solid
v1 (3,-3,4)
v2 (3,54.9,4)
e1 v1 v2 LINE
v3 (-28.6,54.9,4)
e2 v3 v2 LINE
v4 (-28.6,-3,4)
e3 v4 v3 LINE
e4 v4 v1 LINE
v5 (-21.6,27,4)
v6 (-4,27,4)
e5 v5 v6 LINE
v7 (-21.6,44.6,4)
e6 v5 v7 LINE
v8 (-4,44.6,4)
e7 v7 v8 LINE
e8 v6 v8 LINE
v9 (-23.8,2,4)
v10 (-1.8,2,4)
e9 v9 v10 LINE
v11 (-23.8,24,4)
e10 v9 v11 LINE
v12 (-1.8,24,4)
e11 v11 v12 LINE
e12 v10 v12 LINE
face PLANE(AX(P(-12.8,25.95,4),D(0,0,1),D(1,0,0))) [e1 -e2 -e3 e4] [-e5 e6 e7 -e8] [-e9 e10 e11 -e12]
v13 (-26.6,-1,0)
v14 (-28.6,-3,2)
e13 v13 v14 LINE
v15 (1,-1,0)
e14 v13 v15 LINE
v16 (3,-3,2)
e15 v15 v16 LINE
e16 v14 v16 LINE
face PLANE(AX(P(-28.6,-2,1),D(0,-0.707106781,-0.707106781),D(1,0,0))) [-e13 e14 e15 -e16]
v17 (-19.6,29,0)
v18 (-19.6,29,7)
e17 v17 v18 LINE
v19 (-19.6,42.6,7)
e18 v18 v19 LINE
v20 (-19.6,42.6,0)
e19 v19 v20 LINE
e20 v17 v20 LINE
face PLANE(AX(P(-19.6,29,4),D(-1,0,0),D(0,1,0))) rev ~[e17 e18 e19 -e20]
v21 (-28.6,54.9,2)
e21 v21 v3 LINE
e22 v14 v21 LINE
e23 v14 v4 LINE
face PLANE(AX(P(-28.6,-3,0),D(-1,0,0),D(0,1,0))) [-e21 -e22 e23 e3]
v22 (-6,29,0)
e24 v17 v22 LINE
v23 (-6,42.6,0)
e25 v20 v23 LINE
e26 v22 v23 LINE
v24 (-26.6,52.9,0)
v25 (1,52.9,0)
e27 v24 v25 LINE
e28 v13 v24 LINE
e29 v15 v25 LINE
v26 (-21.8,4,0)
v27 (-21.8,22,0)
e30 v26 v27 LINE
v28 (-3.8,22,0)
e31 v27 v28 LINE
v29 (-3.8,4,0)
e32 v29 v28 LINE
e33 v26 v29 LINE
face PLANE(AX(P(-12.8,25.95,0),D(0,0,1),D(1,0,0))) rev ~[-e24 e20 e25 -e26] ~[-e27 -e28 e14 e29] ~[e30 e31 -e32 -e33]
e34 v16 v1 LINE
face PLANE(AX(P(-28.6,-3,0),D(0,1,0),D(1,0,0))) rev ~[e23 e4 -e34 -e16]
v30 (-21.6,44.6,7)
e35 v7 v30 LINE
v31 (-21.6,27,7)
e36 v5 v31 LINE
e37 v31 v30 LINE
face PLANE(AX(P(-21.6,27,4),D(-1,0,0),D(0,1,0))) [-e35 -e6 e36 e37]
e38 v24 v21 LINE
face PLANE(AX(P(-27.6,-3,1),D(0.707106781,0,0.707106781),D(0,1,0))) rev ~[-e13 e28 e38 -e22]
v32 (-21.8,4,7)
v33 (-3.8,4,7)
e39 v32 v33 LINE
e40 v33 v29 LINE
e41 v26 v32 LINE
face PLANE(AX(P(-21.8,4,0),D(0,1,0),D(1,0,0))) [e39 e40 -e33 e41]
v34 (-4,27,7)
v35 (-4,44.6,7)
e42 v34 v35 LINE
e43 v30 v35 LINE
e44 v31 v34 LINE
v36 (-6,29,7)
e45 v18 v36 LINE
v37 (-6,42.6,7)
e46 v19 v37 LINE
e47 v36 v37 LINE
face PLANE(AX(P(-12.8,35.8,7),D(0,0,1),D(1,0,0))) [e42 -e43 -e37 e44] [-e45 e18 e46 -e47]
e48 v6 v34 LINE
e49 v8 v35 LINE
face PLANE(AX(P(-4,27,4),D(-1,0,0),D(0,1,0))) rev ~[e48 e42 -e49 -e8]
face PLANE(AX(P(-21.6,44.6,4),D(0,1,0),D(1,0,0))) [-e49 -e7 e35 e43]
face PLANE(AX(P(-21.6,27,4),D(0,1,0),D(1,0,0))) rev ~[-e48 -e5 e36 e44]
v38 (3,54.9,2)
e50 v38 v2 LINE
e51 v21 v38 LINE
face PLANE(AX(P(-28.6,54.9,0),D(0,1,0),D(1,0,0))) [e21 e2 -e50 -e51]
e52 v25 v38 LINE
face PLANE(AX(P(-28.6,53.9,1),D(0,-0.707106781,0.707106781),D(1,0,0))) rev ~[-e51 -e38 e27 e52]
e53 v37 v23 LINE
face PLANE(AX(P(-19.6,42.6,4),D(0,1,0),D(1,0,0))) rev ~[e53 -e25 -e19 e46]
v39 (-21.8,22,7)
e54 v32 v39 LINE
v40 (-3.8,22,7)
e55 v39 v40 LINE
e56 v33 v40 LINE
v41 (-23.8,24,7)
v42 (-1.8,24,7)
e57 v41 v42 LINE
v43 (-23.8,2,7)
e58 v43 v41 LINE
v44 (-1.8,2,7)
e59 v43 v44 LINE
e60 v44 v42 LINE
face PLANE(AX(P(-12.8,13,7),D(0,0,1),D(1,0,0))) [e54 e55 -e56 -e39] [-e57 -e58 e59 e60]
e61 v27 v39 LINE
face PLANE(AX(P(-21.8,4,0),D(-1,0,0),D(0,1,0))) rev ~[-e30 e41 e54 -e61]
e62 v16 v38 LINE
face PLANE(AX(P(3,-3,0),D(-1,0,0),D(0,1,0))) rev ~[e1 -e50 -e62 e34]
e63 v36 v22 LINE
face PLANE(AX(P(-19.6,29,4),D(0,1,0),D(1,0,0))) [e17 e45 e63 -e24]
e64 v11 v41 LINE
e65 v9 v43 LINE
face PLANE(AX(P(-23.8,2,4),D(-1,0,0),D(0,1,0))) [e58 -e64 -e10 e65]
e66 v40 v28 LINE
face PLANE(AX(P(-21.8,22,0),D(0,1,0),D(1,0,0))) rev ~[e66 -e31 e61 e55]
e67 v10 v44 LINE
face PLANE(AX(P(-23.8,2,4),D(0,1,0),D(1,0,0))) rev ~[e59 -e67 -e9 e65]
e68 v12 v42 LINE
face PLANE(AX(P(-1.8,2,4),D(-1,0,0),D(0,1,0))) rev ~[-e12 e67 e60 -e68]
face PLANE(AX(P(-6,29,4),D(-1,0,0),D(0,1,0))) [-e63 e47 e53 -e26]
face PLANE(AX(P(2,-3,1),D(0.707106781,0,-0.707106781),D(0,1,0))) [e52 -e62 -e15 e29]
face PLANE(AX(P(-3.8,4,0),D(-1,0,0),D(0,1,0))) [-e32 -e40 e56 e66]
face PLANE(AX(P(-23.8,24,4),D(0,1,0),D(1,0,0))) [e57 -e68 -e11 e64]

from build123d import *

# Parameters (mm, degrees)
F0_W     = 31.6
F0_H     = 57.9
F0_W_2   = 25.6
F0_H_2   = 51.9
F0_W_3   = 22
F0_H_3   = 22
F0_W_4   = 17.6
F0_H_4   = 17.6
F0_W_5   = 18
F0_H_5   = 18
F0_W_6   = 13.6
F0_H_6   = 13.6
F2_DEPTH = 4
F3_START = 4
F3_DEPTH = 3
F4_SIZE  = 2


with BuildPart() as f2:
    # F0 (on Top) → F2 (new body)
    with BuildSketch(Plane.XY):
        with Locations((-12.8, 25.95)):
            Rectangle(F0_W, F0_H)
        with Locations((-12.8, 25.95)):
            Rectangle(F0_W_2, F0_H_2, mode=Mode.SUBTRACT)
        with Locations((-12.8, 25.95)):
            Rectangle(F0_W_2, F0_H_2)
        with Locations((-12.8, 13)):
            Rectangle(F0_W_3, F0_H_3, mode=Mode.SUBTRACT)
        with Locations((-12.8, 35.8)):
            Rectangle(F0_W_4, F0_H_4, mode=Mode.SUBTRACT)
        with Locations((-12.8, 13)):
            Rectangle(F0_W_3, F0_H_3)
        with Locations((-12.8, 13)):
            Rectangle(F0_W_5, F0_H_5, mode=Mode.SUBTRACT)
        with Locations((-12.8, 35.8)):
            Rectangle(F0_W_4, F0_H_4)
        with Locations((-12.8, 35.8)):
            Rectangle(F0_W_6, F0_H_6, mode=Mode.SUBTRACT)
    extrude(amount=F2_DEPTH)

    # F0 (on Top) → F3 (join)
    with BuildSketch(Plane.XY.offset(F3_START)):
        with Locations((-12.8, 35.8)):
            Rectangle(F0_W_4, F0_H_4)
        with Locations((-12.8, 35.8)):
            Rectangle(F0_W_6, F0_H_6, mode=Mode.SUBTRACT)
        with Locations((-12.8, 13)):
            Rectangle(F0_W_3, F0_H_3)
        with Locations((-12.8, 13)):
            Rectangle(F0_W_5, F0_H_5, mode=Mode.SUBTRACT)
    extrude(amount=F3_DEPTH)

    # F4
    f4_edges = [f2.edges().sort_by_distance(p)[0] for p in [
        (-28.6, 25.95, 0),
        (-12.8, -3, 0),
        (3, 25.95, 0),
        (-12.8, 54.9, 0),
    ]]
    chamfer(f4_edges, length=F4_SIZE)


solid = f2.part
